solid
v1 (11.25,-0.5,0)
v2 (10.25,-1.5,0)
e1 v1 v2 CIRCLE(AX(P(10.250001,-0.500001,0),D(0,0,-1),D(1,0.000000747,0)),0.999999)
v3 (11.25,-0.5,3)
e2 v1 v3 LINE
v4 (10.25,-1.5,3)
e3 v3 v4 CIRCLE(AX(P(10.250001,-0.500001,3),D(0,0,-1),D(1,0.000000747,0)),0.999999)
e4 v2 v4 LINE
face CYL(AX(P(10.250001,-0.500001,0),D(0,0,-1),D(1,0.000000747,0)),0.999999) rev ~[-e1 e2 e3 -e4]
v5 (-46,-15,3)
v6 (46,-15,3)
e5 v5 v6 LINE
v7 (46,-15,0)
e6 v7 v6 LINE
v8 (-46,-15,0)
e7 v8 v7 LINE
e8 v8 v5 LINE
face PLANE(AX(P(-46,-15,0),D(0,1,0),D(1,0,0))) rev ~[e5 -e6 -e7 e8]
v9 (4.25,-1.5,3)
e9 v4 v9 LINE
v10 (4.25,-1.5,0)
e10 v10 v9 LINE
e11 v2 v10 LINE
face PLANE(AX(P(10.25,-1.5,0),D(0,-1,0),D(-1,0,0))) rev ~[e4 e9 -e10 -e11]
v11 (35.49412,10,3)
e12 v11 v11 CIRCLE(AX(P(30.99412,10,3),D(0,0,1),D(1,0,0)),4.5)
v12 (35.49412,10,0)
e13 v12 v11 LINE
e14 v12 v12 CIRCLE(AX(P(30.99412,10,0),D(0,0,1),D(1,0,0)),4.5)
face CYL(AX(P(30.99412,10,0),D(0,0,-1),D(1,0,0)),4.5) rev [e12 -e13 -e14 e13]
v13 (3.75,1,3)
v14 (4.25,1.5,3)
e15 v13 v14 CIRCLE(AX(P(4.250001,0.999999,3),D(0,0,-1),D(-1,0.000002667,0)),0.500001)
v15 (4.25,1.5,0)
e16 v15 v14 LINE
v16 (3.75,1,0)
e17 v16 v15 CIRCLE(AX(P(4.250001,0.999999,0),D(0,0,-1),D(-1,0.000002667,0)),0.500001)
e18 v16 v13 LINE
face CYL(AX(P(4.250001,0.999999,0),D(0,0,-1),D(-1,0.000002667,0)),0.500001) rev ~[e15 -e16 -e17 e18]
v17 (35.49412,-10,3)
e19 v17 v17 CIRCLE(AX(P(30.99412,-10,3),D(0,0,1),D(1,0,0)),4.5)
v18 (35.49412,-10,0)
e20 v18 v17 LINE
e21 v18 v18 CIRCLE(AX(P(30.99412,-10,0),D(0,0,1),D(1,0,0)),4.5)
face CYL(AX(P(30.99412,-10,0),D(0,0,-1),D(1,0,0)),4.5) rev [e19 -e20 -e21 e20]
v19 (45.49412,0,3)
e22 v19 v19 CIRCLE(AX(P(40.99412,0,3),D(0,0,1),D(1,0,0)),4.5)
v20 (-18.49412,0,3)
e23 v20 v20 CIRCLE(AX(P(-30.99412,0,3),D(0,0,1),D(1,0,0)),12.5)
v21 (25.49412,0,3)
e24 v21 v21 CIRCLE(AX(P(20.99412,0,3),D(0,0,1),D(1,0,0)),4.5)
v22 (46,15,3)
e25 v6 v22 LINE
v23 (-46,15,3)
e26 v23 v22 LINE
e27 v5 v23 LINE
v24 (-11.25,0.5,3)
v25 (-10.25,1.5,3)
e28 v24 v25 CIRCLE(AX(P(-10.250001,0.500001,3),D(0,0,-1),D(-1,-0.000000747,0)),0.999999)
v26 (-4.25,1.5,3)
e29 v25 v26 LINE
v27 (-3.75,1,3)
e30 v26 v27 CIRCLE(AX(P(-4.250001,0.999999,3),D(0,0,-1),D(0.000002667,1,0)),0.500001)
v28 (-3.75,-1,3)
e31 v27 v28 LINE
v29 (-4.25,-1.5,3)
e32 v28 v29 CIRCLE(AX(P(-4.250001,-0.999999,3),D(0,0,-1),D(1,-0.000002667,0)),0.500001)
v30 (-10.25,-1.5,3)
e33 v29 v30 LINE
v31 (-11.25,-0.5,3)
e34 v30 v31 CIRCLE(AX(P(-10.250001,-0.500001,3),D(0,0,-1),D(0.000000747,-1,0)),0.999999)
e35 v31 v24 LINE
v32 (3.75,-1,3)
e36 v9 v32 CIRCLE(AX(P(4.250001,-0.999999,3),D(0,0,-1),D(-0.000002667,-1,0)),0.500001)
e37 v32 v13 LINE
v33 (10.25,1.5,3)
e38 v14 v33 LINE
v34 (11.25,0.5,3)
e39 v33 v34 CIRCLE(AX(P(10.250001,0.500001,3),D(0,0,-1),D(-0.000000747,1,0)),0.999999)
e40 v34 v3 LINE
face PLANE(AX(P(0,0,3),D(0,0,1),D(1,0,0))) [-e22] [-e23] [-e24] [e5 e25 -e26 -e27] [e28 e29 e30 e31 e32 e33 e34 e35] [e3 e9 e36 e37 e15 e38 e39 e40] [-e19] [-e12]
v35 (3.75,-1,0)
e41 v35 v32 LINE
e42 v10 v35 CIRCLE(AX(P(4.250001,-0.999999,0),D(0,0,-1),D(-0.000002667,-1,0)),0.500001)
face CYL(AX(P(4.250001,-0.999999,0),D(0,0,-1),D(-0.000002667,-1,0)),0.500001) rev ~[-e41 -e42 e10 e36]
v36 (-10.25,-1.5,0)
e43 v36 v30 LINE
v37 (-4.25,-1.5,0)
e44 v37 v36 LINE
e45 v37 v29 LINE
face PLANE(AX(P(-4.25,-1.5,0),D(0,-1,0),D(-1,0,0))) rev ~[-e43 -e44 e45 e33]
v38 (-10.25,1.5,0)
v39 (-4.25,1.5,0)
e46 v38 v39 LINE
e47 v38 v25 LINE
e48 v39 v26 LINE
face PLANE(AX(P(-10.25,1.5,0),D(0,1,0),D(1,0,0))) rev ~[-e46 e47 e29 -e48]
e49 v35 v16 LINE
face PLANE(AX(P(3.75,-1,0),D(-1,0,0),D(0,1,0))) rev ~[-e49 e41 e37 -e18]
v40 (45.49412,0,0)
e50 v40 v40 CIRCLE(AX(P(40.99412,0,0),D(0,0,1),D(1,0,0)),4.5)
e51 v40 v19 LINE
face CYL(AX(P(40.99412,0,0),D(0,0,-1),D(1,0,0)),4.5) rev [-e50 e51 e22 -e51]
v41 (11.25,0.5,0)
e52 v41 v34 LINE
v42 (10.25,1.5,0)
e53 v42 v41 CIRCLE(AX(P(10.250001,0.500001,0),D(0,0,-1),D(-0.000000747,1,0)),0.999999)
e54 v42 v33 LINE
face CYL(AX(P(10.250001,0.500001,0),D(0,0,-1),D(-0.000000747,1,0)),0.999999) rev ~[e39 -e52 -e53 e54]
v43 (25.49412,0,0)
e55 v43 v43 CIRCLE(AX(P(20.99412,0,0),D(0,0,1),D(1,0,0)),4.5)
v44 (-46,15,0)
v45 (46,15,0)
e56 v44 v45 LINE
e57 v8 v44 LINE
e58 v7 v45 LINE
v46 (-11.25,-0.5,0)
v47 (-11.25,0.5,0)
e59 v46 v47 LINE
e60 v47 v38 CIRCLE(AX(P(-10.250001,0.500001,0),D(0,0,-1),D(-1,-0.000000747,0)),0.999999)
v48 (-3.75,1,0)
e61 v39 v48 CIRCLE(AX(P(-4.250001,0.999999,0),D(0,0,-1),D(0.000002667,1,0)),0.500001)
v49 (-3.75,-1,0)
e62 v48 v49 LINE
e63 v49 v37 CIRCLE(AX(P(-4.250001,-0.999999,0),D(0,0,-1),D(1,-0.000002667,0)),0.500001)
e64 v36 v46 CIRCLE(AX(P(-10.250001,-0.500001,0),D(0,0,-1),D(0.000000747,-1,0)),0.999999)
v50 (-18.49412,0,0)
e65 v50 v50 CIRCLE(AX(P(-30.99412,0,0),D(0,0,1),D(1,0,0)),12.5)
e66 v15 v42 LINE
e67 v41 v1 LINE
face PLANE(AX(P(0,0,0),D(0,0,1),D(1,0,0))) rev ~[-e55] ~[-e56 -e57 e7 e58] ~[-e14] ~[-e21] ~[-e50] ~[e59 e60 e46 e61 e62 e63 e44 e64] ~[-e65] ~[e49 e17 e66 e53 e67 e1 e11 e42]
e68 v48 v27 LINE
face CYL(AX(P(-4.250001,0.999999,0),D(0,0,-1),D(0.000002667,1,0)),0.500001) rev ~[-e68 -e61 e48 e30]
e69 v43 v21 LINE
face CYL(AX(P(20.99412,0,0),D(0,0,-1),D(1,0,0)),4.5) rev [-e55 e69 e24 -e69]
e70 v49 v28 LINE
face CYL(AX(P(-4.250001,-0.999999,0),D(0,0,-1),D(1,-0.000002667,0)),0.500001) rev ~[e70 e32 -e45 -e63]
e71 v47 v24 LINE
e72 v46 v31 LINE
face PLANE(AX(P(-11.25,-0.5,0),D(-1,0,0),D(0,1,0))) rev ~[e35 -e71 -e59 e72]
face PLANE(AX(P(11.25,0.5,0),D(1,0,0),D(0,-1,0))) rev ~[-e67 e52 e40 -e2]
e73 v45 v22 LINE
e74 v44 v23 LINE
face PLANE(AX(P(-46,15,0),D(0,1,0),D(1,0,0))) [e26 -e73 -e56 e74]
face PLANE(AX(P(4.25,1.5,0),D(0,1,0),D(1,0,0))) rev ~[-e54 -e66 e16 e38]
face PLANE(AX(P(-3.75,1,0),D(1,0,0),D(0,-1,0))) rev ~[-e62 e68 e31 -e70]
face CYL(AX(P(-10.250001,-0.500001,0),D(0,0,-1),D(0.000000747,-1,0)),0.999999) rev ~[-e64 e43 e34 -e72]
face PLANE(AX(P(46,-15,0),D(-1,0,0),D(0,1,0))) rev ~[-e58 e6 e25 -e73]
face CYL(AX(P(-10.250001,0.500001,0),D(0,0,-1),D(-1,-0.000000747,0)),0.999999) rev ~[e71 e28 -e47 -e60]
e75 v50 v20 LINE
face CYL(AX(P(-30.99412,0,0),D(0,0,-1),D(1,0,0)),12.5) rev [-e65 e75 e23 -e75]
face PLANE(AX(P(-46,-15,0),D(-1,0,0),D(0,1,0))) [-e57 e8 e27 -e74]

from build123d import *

# Parameters (mm, degrees)
F0_W     = 92
F0_H     = 30
F0_R     = 4.5
F0_R_2   = 12.5
F1_DEPTH = 3


with BuildPart() as f1:
    # F0 (on Top) → F1 (new body)
    with BuildSketch(Plane.XY):
        Rectangle(F0_W, F0_H)
        with Locations((30.99412, -10)):
            Circle(F0_R, mode=Mode.SUBTRACT)
        with Locations((-30.99412, 0)):
            Circle(F0_R_2, mode=Mode.SUBTRACT)
        with BuildLine():
            ThreePointArc((-3.75, -1), (-3.896447, -1.353553), (-4.25, -1.5))
            Line((-4.25, -1.5), (-10.25, -1.5))
            ThreePointArc((-10.25, -1.5), (-10.957107, -1.207107), (-11.25, -0.5))
            Line((-11.25, -0.5), (-11.25, 0.5))
            ThreePointArc((-11.25, 0.5), (-10.957107, 1.207107), (-10.25, 1.5))
            Line((-10.25, 1.5), (-4.25, 1.5))
            ThreePointArc((-4.25, 1.5), (-3.896447, 1.353553), (-3.75, 1))
            Line((-3.75, 1), (-3.75, -1))
        make_face(mode=Mode.SUBTRACT)
        with BuildLine():
            Line((10.25, -1.5), (4.25, -1.5))
            ThreePointArc((4.25, -1.5), (3.896447, -1.353553), (3.75, -1))
            Line((3.75, -1), (3.75, 1))
            ThreePointArc((3.75, 1), (3.896447, 1.353553), (4.25, 1.5))
            Line((4.25, 1.5), (10.25, 1.5))
            ThreePointArc((10.25, 1.5), (10.957107, 1.207107), (11.25, 0.5))
            Line((11.25, 0.5), (11.25, -0.5))
            ThreePointArc((11.25, -0.5), (10.957107, -1.207107), (10.25, -1.5))
        make_face(mode=Mode.SUBTRACT)
        with Locations((20.99412, 0)):
            Circle(F0_R, mode=Mode.SUBTRACT)
        with Locations((40.99412, 0)):
            Circle(F0_R, mode=Mode.SUBTRACT)
        with Locations((30.99412, 10)):
            Circle(F0_R, mode=Mode.SUBTRACT)
    extrude(amount=F1_DEPTH)


solid = f1.part
